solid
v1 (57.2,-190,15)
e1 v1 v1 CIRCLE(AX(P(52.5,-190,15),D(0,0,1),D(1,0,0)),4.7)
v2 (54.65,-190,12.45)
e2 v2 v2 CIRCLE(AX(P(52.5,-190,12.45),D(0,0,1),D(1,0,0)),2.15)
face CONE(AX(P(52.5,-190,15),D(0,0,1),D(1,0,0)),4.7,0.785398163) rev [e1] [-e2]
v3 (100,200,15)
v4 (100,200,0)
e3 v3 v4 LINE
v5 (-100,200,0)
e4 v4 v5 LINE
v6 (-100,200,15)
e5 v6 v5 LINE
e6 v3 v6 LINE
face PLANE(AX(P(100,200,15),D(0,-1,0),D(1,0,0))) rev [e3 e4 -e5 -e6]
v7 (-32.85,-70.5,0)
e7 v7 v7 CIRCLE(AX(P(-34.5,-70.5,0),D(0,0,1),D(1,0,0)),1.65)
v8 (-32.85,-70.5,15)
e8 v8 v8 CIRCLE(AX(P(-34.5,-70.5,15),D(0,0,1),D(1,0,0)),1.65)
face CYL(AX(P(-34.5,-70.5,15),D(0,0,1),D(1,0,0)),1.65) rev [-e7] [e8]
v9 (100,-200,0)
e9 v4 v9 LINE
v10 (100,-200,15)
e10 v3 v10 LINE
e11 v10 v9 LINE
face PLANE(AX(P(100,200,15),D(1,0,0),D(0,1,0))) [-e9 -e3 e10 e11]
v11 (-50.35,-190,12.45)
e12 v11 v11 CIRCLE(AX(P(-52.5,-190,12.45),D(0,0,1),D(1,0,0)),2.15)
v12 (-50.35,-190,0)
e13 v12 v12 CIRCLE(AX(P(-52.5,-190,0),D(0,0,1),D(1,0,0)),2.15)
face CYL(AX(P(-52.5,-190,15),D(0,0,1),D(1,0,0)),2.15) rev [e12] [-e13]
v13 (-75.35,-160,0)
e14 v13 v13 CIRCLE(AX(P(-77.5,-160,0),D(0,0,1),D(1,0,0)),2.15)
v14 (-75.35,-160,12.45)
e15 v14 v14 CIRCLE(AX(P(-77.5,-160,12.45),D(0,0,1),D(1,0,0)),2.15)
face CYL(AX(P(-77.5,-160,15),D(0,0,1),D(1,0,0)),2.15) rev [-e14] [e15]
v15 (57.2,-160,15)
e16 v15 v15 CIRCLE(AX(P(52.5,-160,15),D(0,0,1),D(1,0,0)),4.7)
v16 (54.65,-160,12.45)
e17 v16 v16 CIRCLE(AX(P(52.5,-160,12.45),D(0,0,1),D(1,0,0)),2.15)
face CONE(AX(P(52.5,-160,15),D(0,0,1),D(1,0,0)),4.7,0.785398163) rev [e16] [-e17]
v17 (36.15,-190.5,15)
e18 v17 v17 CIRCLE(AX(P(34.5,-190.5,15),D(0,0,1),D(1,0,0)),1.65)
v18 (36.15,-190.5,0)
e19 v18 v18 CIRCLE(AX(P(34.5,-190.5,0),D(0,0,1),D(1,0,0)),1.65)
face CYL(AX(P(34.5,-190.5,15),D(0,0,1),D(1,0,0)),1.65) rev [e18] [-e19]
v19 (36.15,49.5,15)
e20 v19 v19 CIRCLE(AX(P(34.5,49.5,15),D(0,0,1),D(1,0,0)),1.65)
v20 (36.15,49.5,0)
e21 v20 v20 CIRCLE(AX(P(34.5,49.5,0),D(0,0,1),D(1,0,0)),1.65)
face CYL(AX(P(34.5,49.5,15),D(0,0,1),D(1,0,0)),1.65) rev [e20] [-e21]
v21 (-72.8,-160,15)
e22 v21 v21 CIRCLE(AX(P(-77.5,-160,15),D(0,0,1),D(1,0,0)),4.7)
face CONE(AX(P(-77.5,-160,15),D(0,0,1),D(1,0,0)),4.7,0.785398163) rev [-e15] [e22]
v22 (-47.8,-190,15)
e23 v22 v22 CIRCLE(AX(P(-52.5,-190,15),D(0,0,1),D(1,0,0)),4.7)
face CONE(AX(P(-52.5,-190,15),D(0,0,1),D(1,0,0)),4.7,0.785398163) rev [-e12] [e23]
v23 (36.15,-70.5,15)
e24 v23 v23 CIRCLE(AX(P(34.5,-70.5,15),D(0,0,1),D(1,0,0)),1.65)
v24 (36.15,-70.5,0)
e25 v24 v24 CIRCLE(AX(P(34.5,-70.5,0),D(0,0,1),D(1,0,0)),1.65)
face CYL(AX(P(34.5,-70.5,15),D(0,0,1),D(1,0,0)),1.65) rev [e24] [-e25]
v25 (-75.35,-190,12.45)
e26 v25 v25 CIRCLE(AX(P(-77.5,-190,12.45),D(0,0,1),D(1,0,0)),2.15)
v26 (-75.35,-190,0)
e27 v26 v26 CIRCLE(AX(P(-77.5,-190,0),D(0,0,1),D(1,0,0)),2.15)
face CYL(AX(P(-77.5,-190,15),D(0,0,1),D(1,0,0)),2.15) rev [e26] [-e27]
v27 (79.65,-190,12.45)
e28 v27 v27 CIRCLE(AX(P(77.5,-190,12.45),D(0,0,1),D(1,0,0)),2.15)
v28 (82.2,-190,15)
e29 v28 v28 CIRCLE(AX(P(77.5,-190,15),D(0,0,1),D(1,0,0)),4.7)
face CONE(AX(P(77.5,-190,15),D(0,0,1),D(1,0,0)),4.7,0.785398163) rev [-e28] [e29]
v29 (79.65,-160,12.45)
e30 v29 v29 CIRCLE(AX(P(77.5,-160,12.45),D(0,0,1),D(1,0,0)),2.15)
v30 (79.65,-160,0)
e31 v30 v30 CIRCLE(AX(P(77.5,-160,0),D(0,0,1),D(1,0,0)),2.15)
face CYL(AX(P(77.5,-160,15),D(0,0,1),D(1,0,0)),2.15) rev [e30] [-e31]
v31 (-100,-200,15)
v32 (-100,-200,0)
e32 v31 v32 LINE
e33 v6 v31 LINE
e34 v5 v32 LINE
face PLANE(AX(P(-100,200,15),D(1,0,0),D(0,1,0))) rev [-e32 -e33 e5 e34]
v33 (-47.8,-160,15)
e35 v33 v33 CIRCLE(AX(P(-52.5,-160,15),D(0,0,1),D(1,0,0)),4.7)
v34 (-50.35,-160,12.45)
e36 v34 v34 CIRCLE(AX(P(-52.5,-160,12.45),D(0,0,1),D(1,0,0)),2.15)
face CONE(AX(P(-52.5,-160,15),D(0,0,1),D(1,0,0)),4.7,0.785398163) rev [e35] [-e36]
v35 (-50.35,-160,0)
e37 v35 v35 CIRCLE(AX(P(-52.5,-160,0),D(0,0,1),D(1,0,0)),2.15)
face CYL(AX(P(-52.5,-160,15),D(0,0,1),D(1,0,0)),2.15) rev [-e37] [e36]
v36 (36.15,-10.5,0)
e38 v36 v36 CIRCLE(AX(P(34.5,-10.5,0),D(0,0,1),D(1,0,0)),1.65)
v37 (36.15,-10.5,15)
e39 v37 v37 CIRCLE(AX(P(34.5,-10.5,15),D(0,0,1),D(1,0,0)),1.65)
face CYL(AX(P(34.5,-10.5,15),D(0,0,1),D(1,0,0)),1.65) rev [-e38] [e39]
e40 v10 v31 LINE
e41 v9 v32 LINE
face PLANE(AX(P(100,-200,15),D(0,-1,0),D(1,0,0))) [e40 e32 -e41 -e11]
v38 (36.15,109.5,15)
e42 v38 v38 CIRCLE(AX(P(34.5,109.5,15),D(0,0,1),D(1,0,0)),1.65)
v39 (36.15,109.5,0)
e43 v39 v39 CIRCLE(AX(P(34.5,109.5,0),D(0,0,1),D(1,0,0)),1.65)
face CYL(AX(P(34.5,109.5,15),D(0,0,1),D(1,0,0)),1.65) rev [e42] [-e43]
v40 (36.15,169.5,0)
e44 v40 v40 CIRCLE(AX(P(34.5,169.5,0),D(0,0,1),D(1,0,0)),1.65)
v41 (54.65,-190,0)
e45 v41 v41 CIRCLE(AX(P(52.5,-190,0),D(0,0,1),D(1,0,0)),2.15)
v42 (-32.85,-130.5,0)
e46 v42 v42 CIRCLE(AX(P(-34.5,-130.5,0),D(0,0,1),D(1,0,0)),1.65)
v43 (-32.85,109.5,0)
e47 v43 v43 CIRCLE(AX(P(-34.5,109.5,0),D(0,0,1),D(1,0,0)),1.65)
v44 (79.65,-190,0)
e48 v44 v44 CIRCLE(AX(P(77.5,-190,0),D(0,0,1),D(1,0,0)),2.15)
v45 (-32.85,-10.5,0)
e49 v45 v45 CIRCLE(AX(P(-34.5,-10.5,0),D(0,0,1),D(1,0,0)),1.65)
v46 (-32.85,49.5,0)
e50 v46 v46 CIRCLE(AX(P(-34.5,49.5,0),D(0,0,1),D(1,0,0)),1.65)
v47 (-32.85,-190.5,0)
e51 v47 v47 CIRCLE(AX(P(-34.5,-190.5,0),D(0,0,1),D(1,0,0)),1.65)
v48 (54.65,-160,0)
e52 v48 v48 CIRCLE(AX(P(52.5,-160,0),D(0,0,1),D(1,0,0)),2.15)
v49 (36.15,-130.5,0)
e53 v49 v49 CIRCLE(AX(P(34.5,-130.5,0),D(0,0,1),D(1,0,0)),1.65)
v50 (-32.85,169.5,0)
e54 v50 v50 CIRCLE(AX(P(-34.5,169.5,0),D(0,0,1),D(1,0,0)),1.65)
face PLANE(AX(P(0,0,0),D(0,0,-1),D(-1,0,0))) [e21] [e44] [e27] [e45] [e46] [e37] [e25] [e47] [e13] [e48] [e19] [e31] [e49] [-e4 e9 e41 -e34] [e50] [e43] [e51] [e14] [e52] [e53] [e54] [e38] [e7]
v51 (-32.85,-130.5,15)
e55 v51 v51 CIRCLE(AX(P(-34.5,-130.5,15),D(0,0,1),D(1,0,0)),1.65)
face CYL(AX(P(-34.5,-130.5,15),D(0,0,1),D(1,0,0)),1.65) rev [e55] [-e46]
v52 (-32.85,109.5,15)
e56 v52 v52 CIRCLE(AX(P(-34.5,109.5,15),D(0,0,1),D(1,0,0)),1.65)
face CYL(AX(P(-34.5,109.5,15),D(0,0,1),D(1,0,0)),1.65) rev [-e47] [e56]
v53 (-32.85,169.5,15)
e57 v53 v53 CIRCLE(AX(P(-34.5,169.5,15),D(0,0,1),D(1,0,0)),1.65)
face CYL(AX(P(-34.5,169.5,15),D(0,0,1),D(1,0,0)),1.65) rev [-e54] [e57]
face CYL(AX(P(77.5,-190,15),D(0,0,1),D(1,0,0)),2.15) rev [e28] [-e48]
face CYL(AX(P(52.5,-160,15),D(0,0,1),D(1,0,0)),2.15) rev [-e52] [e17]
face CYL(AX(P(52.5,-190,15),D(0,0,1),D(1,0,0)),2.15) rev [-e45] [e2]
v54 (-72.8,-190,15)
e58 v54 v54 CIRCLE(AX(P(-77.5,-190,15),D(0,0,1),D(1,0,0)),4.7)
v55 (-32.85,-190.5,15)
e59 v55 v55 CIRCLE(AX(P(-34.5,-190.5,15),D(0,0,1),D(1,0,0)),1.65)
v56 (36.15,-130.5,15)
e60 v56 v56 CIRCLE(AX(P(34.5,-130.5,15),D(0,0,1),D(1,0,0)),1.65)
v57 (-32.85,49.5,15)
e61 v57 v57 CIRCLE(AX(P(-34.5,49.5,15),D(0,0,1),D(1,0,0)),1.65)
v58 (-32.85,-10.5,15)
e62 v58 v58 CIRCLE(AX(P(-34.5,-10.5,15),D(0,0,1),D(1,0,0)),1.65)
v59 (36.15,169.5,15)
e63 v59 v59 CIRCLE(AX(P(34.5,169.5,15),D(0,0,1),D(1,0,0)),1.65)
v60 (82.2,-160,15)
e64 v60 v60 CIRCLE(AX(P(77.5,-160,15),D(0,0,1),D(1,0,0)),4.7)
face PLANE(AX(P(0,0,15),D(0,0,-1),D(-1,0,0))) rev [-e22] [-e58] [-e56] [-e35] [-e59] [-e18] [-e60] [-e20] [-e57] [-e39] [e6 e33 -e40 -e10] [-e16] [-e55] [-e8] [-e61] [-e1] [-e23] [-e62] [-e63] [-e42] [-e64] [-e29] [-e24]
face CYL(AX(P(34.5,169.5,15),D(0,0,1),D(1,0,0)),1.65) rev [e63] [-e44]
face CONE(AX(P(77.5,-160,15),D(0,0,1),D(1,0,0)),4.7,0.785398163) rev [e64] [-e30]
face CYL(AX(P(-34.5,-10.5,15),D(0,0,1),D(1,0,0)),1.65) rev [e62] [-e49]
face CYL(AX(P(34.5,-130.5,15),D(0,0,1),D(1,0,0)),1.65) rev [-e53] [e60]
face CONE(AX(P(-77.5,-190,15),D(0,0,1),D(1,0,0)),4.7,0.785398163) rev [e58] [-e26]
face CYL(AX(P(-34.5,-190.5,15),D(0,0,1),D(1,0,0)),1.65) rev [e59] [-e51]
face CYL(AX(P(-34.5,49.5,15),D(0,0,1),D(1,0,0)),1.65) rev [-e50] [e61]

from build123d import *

# Parameters (mm, degrees)
SKETCH1_W                                       = 200
SKETCH1_H                                       = 400
BOSS_EXTRUDE1_DEPTH                             = 15
CSK_FOR_M4_FLAT_HEAD_MACHINE_SCREW1_D           = 4.3
CSK_FOR_M4_FLAT_HEAD_MACHINE_SCREW1_CSINK_D     = 9.4
CSK_FOR_M4_FLAT_HEAD_MACHINE_SCREW1_CSINK_ANGLE = 90
M4X0_7_TAPPED_HOLE1_D                           = 3.3


with BuildPart() as part:
    # Sketch1 → Boss-Extrude1 (new body)
    with BuildSketch(Plane.XY):
        Rectangle(SKETCH1_W, SKETCH1_H)
    extrude(amount=BOSS_EXTRUDE1_DEPTH)

    # CSK for M4 Flat Head Machine Screw1 (through all)
    with Locations(Plane.XY.offset(15)):
        with Locations((-77.5, -160), (-52.5, -160), (-52.5, -190), (-77.5, -190), (52.5, -160), (77.5, -160), (77.5, -190), (52.5, -190)):
            CounterSinkHole(CSK_FOR_M4_FLAT_HEAD_MACHINE_SCREW1_D / 2, CSK_FOR_M4_FLAT_HEAD_MACHINE_SCREW1_CSINK_D / 2, counter_sink_angle=CSK_FOR_M4_FLAT_HEAD_MACHINE_SCREW1_CSINK_ANGLE)

    # M4x0.7 Tapped Hole1 (through all)
    with Locations(Plane.XY.offset(15)):
        with Locations((-34.5, -190.5), (34.5, -190.5), (-34.5, -130.5), (34.5, -130.5), (-34.5, -70.5), (34.5, -70.5), (-34.5, -10.5), (34.5, -10.5), (-34.5, 49.5), (34.5, 49.5), (-34.5, 109.5), (34.5, 109.5), (-34.5, 169.5), (34.5, 169.5)):
            Hole(M4X0_7_TAPPED_HOLE1_D / 2)


solid = part.part
